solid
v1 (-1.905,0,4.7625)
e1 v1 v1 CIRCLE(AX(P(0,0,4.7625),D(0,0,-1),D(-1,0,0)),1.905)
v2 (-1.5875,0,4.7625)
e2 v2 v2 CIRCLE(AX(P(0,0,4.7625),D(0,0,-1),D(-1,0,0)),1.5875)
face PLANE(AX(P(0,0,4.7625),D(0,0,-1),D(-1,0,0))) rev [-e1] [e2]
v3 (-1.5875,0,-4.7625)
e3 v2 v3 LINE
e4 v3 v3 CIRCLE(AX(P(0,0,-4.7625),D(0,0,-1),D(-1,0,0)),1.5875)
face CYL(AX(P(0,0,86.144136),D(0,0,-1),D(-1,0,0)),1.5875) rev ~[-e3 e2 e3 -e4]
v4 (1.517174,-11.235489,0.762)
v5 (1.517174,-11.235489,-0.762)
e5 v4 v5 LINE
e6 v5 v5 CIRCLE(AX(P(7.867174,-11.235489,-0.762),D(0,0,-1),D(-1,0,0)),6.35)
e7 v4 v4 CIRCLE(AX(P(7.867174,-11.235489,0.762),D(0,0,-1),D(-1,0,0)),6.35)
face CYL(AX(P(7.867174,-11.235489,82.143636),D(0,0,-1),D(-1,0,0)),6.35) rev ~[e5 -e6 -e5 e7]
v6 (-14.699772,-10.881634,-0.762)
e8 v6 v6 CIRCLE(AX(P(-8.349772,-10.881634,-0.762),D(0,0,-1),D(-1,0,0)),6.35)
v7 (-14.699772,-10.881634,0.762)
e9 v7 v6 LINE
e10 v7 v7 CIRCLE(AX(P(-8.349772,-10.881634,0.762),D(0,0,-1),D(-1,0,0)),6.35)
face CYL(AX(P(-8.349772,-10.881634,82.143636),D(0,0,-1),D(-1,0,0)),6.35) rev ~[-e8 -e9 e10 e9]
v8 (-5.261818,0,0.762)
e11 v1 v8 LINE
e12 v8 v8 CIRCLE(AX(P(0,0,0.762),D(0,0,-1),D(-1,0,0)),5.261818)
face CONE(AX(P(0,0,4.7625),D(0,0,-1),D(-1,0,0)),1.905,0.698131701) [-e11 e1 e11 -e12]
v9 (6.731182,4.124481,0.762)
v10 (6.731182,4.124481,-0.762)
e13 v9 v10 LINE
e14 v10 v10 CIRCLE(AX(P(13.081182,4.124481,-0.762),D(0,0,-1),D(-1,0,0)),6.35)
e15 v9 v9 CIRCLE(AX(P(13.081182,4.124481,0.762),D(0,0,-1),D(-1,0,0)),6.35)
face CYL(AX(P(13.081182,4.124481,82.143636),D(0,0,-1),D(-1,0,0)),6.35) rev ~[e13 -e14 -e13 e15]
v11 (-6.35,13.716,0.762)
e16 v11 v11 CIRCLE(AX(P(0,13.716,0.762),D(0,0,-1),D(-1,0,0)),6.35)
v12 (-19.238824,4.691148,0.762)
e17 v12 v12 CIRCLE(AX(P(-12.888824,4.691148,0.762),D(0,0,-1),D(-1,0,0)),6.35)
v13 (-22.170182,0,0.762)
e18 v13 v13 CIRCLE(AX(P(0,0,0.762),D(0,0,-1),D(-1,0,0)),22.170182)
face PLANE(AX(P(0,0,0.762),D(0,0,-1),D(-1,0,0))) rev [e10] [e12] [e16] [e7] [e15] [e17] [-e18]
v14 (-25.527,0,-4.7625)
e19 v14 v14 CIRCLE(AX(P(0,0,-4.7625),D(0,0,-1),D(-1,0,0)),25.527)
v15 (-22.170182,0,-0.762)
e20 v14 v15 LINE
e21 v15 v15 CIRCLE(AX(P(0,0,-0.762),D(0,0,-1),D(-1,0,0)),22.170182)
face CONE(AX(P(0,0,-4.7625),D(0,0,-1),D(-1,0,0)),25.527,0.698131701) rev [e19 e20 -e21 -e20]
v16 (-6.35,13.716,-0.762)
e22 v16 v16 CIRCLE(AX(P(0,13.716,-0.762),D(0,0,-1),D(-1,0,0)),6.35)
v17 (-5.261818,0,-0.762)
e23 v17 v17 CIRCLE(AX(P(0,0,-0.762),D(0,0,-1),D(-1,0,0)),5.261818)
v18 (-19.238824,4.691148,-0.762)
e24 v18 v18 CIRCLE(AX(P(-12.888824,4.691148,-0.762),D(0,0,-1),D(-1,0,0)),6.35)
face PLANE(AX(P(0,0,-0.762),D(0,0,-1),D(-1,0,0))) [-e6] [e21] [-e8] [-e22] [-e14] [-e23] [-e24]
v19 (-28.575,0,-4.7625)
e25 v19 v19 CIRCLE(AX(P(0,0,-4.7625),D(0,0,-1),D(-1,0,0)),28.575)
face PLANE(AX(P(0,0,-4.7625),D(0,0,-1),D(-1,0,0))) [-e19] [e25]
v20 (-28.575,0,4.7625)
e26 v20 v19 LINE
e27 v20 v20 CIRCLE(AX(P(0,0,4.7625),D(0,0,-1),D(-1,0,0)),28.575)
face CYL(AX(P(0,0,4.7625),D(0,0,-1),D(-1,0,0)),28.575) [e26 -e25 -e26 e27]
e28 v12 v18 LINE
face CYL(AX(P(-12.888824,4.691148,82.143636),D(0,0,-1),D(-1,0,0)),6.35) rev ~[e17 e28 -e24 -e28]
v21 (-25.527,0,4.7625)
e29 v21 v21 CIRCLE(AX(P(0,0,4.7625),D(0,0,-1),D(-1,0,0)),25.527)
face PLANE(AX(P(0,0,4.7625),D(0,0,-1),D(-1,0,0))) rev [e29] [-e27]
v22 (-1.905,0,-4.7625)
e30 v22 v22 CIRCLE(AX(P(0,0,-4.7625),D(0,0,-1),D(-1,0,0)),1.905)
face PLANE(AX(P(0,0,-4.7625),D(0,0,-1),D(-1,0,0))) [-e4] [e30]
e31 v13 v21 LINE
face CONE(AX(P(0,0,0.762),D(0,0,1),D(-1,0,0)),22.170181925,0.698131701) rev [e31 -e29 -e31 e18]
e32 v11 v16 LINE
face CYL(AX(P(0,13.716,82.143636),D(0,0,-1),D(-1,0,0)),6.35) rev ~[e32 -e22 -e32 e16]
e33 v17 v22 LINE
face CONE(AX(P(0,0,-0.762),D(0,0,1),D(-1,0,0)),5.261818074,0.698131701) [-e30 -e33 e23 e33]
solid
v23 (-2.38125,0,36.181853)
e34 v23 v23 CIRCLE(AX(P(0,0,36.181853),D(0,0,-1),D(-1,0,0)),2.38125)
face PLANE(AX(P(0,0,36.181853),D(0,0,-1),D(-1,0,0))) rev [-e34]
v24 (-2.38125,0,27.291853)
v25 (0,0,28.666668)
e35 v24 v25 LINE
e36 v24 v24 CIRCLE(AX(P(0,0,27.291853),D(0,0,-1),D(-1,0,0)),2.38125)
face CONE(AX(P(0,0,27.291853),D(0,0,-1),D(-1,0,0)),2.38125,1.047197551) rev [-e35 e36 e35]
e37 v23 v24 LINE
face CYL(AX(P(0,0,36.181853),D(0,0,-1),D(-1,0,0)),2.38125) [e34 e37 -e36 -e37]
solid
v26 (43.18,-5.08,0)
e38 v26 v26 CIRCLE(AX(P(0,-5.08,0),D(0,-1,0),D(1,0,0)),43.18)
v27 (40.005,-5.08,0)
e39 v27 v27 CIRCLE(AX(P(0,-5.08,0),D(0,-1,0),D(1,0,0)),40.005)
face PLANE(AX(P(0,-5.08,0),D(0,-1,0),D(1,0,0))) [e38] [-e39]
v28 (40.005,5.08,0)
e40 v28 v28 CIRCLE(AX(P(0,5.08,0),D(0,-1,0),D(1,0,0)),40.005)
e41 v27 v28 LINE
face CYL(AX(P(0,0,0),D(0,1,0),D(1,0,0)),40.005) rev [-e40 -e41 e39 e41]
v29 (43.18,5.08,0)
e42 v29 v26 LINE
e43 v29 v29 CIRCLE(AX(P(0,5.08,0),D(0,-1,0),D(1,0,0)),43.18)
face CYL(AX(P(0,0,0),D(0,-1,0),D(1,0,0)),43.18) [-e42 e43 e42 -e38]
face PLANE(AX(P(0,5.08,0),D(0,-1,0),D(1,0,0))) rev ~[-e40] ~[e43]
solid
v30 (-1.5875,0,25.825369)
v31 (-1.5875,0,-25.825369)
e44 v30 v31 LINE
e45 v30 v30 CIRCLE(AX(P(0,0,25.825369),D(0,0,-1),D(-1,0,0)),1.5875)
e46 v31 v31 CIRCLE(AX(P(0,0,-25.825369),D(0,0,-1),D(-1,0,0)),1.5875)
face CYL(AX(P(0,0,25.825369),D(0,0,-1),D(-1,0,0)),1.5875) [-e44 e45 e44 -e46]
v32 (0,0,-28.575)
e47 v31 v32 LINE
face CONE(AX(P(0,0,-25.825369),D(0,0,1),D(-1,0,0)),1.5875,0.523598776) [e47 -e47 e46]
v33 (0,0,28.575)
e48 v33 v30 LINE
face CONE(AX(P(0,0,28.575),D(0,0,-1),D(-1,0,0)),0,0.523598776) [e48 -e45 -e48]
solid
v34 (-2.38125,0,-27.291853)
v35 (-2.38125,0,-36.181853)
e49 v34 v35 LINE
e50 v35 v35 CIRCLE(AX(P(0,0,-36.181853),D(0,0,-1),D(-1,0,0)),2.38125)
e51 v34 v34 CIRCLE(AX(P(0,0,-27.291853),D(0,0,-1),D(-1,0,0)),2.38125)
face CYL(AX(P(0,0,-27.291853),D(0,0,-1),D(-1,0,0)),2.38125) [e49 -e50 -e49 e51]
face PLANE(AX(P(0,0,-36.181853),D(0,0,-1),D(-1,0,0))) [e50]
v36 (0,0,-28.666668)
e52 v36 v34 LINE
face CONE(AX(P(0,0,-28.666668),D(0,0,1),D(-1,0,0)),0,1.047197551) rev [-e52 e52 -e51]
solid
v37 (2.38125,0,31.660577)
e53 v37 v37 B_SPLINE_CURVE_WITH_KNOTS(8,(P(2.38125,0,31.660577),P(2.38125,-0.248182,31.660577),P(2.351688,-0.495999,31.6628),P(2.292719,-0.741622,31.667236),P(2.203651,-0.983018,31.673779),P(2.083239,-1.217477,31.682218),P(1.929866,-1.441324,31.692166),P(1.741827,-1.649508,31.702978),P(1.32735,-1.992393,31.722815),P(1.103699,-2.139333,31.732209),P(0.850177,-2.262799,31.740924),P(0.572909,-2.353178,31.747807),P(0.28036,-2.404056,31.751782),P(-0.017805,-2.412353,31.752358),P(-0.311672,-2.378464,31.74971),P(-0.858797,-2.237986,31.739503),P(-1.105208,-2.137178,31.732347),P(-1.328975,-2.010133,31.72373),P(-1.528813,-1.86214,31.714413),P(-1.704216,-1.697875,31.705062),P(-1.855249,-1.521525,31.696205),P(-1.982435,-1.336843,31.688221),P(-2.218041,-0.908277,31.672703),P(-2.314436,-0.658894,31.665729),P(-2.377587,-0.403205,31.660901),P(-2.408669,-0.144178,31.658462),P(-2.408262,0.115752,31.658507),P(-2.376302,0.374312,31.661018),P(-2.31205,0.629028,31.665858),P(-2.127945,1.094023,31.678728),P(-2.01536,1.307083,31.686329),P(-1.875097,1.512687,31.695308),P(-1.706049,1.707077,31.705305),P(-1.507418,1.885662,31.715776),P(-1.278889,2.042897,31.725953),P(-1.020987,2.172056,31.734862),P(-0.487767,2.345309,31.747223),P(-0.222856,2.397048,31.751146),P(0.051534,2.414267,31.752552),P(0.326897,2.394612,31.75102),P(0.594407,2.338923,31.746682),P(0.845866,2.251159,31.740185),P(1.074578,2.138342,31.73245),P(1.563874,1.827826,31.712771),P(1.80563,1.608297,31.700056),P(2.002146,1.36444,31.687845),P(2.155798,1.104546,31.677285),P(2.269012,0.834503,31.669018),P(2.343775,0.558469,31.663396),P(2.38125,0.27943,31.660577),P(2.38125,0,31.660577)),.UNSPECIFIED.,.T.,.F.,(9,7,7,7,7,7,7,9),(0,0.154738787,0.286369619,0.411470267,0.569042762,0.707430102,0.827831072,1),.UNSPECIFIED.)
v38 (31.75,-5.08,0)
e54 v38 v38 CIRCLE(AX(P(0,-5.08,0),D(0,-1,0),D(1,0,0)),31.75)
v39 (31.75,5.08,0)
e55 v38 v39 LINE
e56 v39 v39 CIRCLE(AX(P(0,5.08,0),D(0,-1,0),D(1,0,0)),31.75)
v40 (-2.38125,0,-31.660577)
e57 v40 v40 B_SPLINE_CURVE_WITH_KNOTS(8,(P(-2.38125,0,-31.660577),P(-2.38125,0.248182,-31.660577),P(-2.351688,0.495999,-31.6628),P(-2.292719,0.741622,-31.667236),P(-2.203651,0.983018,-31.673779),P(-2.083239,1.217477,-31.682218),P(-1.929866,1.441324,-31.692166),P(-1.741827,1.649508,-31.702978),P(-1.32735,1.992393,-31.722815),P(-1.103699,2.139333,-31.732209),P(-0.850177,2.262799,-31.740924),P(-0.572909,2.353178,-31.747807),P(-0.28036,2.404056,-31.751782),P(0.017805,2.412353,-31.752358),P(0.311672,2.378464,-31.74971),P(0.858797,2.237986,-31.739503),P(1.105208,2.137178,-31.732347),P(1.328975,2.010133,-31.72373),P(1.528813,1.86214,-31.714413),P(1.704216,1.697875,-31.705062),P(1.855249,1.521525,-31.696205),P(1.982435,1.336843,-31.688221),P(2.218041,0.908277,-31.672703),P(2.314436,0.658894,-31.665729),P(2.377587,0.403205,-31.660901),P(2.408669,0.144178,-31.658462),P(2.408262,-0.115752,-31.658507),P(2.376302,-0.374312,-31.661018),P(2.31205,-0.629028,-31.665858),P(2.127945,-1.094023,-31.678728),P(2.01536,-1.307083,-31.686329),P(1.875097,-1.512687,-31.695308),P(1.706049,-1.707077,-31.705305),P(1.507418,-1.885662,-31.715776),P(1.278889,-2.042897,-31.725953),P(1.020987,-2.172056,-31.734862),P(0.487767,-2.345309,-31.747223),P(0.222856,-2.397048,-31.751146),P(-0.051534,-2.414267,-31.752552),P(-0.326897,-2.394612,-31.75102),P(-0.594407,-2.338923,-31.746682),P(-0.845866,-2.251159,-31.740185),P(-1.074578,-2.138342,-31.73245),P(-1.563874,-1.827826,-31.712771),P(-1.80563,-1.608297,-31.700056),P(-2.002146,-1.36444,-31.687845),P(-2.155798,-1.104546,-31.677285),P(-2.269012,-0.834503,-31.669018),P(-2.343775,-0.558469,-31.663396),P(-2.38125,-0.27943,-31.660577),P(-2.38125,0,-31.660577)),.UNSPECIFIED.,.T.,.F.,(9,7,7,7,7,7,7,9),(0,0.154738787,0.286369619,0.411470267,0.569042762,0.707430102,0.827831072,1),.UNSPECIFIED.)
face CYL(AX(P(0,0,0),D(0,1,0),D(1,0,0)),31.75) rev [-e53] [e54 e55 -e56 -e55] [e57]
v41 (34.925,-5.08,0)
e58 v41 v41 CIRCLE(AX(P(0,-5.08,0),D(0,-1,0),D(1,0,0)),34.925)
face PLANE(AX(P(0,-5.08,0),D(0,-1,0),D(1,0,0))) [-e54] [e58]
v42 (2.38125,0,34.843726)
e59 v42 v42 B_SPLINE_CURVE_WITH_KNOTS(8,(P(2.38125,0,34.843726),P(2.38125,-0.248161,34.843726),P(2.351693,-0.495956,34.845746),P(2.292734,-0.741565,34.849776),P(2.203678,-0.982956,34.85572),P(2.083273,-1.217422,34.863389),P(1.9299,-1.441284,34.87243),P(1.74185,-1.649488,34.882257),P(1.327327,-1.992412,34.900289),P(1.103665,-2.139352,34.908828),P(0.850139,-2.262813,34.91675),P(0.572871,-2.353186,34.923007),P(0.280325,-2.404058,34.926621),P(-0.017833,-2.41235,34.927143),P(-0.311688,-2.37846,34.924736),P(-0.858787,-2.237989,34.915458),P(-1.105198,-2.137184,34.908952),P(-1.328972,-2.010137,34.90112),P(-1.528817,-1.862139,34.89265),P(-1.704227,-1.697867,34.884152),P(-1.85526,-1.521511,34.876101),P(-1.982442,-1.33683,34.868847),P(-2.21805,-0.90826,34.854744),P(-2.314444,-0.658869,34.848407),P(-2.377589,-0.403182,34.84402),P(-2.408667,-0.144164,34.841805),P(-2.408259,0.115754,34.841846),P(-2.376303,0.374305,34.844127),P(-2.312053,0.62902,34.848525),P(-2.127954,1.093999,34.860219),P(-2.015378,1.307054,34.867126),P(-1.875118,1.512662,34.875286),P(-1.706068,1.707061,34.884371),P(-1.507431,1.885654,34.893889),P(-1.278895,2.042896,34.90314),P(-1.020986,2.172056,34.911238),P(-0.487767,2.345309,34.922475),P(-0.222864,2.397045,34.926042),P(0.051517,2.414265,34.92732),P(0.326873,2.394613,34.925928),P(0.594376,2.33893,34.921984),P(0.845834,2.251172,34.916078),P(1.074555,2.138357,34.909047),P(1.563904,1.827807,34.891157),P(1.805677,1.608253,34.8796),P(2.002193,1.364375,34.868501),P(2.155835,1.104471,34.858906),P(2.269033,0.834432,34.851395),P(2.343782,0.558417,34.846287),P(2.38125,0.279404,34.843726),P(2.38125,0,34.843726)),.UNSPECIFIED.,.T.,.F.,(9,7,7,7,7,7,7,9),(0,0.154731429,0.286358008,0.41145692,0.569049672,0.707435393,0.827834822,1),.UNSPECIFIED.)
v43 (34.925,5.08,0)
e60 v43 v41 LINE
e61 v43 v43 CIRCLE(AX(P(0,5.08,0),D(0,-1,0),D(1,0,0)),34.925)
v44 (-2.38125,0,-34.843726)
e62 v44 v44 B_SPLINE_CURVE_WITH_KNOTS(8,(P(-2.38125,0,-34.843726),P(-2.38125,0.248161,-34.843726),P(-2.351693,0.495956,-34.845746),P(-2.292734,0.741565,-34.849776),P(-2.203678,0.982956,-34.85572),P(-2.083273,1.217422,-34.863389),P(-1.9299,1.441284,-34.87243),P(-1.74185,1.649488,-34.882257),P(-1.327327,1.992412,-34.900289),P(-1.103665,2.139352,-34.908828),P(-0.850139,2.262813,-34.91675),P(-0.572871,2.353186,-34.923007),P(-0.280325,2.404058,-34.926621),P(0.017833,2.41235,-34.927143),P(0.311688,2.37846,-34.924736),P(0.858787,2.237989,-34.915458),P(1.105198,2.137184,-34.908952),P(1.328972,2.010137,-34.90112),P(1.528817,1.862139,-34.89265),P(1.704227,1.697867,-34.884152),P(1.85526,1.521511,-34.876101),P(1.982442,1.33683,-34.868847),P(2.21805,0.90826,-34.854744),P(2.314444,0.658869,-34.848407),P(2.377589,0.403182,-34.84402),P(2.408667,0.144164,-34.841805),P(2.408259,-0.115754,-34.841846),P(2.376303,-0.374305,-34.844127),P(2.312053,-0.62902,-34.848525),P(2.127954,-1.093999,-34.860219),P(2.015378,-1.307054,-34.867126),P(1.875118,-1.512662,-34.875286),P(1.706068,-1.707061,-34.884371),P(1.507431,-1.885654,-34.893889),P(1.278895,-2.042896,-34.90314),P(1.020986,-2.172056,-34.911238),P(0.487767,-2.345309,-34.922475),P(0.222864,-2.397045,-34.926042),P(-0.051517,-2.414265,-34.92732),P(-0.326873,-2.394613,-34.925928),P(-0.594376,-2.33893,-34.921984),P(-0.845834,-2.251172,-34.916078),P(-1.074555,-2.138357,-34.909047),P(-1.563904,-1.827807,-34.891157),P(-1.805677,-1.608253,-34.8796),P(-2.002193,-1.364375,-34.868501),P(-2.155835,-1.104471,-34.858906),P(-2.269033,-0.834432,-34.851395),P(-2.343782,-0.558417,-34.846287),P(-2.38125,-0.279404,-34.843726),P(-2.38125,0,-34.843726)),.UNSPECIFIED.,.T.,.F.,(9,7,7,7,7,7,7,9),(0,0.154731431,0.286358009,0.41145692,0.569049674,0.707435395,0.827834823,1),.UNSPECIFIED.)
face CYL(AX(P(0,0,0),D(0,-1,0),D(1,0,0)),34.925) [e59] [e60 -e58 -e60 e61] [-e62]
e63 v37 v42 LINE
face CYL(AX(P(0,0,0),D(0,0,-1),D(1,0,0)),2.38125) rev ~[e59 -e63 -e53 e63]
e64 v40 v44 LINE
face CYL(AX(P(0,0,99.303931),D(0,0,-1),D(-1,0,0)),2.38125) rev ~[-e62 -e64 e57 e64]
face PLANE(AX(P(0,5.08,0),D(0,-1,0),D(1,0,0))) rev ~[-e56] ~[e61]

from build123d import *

# Parameters (mm, degrees)
F0_R      = 34.925
F0_R_2    = 31.75
F1_DEPTH  = 5.08
F4_D      = 3.175
F8_D      = 12.7
F10_D     = 4.7625
F10_DEPTH = 34.926
F11_D     = 4.7625
F14_R     = 43.18
F14_R_2   = 40.005
F15_DEPTH = 5.08


with BuildPart() as f1:
    # F0 (on Front) → F1 (new body, symmetric)
    with BuildSketch(Plane.XZ):
        Circle(F0_R)
        Circle(F0_R_2, mode=Mode.SUBTRACT)
    extrude(amount=F1_DEPTH, both=True)

    # F10 (through all, one way)
    with BuildSketch(Plane(origin=(0, 0, 0), x_dir=(1, 0, 0), z_dir=(0, 0, -1))):
        with Locations((0, 0)):
            Circle(F10_D / 2)
    extrude(amount=-F10_DEPTH, mode=Mode.SUBTRACT)

    # F11 (through all)
    with Locations(Plane.XY):
        with Locations((0, 0)):
            Hole(F11_D / 2)


with BuildPart() as f2:
    # F0 (on Front) → F2 (revolve)
    with BuildSketch(Plane.XZ):
        Polygon((-28.575, 4.7625), (-28.575, 0), (-28.575, -4.7625), (-25.527, -4.7625), (-22.1701819255, -0.762), (-5.2618180745, -0.762), (-1.905, -4.7625), (0, -4.7625), (0, 4.7625), (-1.905, 4.7625), (-5.2618180745, 0.762), (-22.1701819255, 0.762), (-25.527, 4.7625), align=None)
    revolve(axis=Axis((0, 0, 0), (0, 0, -1)))

    # F4 (through all)
    with Locations(Plane.XY.offset(4.7625)):
        with Locations((0, 0)):
            Hole(F4_D / 2)

    # F8 (through all)
    with Locations(Plane.XY.offset(0.762)):
        with Locations((-12.8888239867, 4.6911482859), (0, 13.716), (13.0811816965, 4.124480746), (7.867174401, -11.2354894395), (-8.3497717603, -10.8816344154)):
            Hole(F8_D / 2)


with BuildPart() as f6:
    # F5 (on Front) → F6 (revolve)
    with BuildSketch(Plane.XZ):
        Polygon((-1.5875, 0), (0, 0), (0, 28.575), (-1.5875, 25.825369343), align=None)
        Polygon((0, -28.575), (0, 0), (-1.5875, 0), (-1.5875, -25.825369343), align=None)
    revolve(axis=Axis((0, 0, -14.2875), (0, 0, -1)))


with BuildPart() as f13:
    # F12 (on Front) → F13 (revolve)
    with BuildSketch(Plane.XZ):
        Polygon((-2.38125, 27.2918530272), (0, 28.6666683557), (0, 36.1818530272), (-2.38125, 36.1818530272), align=None)
    revolve(axis=Axis((0, 0, 32.4242606915), (0, 0, -1)))


with BuildPart() as f13b:
    # F12 (on Front) → F13, piece 2 (revolve)
    with BuildSketch(Plane.XZ):
        Polygon((-2.38125, -36.1818530272), (0, -36.1818530272), (0, -28.6666683557), (-2.38125, -27.2918530272), align=None)
    revolve(axis=Axis((0, 0, 32.4242606915), (0, 0, -1)))


with BuildPart() as f15:
    # F14 (on Front) → F15 (new body, symmetric)
    with BuildSketch(Plane.XZ):
        Circle(F14_R)
        Circle(F14_R_2, mode=Mode.SUBTRACT)
    extrude(amount=F15_DEPTH, both=True)


solid = Compound([f1.part, f2.part, f6.part, f13.part, f13b.part, f15.part])
